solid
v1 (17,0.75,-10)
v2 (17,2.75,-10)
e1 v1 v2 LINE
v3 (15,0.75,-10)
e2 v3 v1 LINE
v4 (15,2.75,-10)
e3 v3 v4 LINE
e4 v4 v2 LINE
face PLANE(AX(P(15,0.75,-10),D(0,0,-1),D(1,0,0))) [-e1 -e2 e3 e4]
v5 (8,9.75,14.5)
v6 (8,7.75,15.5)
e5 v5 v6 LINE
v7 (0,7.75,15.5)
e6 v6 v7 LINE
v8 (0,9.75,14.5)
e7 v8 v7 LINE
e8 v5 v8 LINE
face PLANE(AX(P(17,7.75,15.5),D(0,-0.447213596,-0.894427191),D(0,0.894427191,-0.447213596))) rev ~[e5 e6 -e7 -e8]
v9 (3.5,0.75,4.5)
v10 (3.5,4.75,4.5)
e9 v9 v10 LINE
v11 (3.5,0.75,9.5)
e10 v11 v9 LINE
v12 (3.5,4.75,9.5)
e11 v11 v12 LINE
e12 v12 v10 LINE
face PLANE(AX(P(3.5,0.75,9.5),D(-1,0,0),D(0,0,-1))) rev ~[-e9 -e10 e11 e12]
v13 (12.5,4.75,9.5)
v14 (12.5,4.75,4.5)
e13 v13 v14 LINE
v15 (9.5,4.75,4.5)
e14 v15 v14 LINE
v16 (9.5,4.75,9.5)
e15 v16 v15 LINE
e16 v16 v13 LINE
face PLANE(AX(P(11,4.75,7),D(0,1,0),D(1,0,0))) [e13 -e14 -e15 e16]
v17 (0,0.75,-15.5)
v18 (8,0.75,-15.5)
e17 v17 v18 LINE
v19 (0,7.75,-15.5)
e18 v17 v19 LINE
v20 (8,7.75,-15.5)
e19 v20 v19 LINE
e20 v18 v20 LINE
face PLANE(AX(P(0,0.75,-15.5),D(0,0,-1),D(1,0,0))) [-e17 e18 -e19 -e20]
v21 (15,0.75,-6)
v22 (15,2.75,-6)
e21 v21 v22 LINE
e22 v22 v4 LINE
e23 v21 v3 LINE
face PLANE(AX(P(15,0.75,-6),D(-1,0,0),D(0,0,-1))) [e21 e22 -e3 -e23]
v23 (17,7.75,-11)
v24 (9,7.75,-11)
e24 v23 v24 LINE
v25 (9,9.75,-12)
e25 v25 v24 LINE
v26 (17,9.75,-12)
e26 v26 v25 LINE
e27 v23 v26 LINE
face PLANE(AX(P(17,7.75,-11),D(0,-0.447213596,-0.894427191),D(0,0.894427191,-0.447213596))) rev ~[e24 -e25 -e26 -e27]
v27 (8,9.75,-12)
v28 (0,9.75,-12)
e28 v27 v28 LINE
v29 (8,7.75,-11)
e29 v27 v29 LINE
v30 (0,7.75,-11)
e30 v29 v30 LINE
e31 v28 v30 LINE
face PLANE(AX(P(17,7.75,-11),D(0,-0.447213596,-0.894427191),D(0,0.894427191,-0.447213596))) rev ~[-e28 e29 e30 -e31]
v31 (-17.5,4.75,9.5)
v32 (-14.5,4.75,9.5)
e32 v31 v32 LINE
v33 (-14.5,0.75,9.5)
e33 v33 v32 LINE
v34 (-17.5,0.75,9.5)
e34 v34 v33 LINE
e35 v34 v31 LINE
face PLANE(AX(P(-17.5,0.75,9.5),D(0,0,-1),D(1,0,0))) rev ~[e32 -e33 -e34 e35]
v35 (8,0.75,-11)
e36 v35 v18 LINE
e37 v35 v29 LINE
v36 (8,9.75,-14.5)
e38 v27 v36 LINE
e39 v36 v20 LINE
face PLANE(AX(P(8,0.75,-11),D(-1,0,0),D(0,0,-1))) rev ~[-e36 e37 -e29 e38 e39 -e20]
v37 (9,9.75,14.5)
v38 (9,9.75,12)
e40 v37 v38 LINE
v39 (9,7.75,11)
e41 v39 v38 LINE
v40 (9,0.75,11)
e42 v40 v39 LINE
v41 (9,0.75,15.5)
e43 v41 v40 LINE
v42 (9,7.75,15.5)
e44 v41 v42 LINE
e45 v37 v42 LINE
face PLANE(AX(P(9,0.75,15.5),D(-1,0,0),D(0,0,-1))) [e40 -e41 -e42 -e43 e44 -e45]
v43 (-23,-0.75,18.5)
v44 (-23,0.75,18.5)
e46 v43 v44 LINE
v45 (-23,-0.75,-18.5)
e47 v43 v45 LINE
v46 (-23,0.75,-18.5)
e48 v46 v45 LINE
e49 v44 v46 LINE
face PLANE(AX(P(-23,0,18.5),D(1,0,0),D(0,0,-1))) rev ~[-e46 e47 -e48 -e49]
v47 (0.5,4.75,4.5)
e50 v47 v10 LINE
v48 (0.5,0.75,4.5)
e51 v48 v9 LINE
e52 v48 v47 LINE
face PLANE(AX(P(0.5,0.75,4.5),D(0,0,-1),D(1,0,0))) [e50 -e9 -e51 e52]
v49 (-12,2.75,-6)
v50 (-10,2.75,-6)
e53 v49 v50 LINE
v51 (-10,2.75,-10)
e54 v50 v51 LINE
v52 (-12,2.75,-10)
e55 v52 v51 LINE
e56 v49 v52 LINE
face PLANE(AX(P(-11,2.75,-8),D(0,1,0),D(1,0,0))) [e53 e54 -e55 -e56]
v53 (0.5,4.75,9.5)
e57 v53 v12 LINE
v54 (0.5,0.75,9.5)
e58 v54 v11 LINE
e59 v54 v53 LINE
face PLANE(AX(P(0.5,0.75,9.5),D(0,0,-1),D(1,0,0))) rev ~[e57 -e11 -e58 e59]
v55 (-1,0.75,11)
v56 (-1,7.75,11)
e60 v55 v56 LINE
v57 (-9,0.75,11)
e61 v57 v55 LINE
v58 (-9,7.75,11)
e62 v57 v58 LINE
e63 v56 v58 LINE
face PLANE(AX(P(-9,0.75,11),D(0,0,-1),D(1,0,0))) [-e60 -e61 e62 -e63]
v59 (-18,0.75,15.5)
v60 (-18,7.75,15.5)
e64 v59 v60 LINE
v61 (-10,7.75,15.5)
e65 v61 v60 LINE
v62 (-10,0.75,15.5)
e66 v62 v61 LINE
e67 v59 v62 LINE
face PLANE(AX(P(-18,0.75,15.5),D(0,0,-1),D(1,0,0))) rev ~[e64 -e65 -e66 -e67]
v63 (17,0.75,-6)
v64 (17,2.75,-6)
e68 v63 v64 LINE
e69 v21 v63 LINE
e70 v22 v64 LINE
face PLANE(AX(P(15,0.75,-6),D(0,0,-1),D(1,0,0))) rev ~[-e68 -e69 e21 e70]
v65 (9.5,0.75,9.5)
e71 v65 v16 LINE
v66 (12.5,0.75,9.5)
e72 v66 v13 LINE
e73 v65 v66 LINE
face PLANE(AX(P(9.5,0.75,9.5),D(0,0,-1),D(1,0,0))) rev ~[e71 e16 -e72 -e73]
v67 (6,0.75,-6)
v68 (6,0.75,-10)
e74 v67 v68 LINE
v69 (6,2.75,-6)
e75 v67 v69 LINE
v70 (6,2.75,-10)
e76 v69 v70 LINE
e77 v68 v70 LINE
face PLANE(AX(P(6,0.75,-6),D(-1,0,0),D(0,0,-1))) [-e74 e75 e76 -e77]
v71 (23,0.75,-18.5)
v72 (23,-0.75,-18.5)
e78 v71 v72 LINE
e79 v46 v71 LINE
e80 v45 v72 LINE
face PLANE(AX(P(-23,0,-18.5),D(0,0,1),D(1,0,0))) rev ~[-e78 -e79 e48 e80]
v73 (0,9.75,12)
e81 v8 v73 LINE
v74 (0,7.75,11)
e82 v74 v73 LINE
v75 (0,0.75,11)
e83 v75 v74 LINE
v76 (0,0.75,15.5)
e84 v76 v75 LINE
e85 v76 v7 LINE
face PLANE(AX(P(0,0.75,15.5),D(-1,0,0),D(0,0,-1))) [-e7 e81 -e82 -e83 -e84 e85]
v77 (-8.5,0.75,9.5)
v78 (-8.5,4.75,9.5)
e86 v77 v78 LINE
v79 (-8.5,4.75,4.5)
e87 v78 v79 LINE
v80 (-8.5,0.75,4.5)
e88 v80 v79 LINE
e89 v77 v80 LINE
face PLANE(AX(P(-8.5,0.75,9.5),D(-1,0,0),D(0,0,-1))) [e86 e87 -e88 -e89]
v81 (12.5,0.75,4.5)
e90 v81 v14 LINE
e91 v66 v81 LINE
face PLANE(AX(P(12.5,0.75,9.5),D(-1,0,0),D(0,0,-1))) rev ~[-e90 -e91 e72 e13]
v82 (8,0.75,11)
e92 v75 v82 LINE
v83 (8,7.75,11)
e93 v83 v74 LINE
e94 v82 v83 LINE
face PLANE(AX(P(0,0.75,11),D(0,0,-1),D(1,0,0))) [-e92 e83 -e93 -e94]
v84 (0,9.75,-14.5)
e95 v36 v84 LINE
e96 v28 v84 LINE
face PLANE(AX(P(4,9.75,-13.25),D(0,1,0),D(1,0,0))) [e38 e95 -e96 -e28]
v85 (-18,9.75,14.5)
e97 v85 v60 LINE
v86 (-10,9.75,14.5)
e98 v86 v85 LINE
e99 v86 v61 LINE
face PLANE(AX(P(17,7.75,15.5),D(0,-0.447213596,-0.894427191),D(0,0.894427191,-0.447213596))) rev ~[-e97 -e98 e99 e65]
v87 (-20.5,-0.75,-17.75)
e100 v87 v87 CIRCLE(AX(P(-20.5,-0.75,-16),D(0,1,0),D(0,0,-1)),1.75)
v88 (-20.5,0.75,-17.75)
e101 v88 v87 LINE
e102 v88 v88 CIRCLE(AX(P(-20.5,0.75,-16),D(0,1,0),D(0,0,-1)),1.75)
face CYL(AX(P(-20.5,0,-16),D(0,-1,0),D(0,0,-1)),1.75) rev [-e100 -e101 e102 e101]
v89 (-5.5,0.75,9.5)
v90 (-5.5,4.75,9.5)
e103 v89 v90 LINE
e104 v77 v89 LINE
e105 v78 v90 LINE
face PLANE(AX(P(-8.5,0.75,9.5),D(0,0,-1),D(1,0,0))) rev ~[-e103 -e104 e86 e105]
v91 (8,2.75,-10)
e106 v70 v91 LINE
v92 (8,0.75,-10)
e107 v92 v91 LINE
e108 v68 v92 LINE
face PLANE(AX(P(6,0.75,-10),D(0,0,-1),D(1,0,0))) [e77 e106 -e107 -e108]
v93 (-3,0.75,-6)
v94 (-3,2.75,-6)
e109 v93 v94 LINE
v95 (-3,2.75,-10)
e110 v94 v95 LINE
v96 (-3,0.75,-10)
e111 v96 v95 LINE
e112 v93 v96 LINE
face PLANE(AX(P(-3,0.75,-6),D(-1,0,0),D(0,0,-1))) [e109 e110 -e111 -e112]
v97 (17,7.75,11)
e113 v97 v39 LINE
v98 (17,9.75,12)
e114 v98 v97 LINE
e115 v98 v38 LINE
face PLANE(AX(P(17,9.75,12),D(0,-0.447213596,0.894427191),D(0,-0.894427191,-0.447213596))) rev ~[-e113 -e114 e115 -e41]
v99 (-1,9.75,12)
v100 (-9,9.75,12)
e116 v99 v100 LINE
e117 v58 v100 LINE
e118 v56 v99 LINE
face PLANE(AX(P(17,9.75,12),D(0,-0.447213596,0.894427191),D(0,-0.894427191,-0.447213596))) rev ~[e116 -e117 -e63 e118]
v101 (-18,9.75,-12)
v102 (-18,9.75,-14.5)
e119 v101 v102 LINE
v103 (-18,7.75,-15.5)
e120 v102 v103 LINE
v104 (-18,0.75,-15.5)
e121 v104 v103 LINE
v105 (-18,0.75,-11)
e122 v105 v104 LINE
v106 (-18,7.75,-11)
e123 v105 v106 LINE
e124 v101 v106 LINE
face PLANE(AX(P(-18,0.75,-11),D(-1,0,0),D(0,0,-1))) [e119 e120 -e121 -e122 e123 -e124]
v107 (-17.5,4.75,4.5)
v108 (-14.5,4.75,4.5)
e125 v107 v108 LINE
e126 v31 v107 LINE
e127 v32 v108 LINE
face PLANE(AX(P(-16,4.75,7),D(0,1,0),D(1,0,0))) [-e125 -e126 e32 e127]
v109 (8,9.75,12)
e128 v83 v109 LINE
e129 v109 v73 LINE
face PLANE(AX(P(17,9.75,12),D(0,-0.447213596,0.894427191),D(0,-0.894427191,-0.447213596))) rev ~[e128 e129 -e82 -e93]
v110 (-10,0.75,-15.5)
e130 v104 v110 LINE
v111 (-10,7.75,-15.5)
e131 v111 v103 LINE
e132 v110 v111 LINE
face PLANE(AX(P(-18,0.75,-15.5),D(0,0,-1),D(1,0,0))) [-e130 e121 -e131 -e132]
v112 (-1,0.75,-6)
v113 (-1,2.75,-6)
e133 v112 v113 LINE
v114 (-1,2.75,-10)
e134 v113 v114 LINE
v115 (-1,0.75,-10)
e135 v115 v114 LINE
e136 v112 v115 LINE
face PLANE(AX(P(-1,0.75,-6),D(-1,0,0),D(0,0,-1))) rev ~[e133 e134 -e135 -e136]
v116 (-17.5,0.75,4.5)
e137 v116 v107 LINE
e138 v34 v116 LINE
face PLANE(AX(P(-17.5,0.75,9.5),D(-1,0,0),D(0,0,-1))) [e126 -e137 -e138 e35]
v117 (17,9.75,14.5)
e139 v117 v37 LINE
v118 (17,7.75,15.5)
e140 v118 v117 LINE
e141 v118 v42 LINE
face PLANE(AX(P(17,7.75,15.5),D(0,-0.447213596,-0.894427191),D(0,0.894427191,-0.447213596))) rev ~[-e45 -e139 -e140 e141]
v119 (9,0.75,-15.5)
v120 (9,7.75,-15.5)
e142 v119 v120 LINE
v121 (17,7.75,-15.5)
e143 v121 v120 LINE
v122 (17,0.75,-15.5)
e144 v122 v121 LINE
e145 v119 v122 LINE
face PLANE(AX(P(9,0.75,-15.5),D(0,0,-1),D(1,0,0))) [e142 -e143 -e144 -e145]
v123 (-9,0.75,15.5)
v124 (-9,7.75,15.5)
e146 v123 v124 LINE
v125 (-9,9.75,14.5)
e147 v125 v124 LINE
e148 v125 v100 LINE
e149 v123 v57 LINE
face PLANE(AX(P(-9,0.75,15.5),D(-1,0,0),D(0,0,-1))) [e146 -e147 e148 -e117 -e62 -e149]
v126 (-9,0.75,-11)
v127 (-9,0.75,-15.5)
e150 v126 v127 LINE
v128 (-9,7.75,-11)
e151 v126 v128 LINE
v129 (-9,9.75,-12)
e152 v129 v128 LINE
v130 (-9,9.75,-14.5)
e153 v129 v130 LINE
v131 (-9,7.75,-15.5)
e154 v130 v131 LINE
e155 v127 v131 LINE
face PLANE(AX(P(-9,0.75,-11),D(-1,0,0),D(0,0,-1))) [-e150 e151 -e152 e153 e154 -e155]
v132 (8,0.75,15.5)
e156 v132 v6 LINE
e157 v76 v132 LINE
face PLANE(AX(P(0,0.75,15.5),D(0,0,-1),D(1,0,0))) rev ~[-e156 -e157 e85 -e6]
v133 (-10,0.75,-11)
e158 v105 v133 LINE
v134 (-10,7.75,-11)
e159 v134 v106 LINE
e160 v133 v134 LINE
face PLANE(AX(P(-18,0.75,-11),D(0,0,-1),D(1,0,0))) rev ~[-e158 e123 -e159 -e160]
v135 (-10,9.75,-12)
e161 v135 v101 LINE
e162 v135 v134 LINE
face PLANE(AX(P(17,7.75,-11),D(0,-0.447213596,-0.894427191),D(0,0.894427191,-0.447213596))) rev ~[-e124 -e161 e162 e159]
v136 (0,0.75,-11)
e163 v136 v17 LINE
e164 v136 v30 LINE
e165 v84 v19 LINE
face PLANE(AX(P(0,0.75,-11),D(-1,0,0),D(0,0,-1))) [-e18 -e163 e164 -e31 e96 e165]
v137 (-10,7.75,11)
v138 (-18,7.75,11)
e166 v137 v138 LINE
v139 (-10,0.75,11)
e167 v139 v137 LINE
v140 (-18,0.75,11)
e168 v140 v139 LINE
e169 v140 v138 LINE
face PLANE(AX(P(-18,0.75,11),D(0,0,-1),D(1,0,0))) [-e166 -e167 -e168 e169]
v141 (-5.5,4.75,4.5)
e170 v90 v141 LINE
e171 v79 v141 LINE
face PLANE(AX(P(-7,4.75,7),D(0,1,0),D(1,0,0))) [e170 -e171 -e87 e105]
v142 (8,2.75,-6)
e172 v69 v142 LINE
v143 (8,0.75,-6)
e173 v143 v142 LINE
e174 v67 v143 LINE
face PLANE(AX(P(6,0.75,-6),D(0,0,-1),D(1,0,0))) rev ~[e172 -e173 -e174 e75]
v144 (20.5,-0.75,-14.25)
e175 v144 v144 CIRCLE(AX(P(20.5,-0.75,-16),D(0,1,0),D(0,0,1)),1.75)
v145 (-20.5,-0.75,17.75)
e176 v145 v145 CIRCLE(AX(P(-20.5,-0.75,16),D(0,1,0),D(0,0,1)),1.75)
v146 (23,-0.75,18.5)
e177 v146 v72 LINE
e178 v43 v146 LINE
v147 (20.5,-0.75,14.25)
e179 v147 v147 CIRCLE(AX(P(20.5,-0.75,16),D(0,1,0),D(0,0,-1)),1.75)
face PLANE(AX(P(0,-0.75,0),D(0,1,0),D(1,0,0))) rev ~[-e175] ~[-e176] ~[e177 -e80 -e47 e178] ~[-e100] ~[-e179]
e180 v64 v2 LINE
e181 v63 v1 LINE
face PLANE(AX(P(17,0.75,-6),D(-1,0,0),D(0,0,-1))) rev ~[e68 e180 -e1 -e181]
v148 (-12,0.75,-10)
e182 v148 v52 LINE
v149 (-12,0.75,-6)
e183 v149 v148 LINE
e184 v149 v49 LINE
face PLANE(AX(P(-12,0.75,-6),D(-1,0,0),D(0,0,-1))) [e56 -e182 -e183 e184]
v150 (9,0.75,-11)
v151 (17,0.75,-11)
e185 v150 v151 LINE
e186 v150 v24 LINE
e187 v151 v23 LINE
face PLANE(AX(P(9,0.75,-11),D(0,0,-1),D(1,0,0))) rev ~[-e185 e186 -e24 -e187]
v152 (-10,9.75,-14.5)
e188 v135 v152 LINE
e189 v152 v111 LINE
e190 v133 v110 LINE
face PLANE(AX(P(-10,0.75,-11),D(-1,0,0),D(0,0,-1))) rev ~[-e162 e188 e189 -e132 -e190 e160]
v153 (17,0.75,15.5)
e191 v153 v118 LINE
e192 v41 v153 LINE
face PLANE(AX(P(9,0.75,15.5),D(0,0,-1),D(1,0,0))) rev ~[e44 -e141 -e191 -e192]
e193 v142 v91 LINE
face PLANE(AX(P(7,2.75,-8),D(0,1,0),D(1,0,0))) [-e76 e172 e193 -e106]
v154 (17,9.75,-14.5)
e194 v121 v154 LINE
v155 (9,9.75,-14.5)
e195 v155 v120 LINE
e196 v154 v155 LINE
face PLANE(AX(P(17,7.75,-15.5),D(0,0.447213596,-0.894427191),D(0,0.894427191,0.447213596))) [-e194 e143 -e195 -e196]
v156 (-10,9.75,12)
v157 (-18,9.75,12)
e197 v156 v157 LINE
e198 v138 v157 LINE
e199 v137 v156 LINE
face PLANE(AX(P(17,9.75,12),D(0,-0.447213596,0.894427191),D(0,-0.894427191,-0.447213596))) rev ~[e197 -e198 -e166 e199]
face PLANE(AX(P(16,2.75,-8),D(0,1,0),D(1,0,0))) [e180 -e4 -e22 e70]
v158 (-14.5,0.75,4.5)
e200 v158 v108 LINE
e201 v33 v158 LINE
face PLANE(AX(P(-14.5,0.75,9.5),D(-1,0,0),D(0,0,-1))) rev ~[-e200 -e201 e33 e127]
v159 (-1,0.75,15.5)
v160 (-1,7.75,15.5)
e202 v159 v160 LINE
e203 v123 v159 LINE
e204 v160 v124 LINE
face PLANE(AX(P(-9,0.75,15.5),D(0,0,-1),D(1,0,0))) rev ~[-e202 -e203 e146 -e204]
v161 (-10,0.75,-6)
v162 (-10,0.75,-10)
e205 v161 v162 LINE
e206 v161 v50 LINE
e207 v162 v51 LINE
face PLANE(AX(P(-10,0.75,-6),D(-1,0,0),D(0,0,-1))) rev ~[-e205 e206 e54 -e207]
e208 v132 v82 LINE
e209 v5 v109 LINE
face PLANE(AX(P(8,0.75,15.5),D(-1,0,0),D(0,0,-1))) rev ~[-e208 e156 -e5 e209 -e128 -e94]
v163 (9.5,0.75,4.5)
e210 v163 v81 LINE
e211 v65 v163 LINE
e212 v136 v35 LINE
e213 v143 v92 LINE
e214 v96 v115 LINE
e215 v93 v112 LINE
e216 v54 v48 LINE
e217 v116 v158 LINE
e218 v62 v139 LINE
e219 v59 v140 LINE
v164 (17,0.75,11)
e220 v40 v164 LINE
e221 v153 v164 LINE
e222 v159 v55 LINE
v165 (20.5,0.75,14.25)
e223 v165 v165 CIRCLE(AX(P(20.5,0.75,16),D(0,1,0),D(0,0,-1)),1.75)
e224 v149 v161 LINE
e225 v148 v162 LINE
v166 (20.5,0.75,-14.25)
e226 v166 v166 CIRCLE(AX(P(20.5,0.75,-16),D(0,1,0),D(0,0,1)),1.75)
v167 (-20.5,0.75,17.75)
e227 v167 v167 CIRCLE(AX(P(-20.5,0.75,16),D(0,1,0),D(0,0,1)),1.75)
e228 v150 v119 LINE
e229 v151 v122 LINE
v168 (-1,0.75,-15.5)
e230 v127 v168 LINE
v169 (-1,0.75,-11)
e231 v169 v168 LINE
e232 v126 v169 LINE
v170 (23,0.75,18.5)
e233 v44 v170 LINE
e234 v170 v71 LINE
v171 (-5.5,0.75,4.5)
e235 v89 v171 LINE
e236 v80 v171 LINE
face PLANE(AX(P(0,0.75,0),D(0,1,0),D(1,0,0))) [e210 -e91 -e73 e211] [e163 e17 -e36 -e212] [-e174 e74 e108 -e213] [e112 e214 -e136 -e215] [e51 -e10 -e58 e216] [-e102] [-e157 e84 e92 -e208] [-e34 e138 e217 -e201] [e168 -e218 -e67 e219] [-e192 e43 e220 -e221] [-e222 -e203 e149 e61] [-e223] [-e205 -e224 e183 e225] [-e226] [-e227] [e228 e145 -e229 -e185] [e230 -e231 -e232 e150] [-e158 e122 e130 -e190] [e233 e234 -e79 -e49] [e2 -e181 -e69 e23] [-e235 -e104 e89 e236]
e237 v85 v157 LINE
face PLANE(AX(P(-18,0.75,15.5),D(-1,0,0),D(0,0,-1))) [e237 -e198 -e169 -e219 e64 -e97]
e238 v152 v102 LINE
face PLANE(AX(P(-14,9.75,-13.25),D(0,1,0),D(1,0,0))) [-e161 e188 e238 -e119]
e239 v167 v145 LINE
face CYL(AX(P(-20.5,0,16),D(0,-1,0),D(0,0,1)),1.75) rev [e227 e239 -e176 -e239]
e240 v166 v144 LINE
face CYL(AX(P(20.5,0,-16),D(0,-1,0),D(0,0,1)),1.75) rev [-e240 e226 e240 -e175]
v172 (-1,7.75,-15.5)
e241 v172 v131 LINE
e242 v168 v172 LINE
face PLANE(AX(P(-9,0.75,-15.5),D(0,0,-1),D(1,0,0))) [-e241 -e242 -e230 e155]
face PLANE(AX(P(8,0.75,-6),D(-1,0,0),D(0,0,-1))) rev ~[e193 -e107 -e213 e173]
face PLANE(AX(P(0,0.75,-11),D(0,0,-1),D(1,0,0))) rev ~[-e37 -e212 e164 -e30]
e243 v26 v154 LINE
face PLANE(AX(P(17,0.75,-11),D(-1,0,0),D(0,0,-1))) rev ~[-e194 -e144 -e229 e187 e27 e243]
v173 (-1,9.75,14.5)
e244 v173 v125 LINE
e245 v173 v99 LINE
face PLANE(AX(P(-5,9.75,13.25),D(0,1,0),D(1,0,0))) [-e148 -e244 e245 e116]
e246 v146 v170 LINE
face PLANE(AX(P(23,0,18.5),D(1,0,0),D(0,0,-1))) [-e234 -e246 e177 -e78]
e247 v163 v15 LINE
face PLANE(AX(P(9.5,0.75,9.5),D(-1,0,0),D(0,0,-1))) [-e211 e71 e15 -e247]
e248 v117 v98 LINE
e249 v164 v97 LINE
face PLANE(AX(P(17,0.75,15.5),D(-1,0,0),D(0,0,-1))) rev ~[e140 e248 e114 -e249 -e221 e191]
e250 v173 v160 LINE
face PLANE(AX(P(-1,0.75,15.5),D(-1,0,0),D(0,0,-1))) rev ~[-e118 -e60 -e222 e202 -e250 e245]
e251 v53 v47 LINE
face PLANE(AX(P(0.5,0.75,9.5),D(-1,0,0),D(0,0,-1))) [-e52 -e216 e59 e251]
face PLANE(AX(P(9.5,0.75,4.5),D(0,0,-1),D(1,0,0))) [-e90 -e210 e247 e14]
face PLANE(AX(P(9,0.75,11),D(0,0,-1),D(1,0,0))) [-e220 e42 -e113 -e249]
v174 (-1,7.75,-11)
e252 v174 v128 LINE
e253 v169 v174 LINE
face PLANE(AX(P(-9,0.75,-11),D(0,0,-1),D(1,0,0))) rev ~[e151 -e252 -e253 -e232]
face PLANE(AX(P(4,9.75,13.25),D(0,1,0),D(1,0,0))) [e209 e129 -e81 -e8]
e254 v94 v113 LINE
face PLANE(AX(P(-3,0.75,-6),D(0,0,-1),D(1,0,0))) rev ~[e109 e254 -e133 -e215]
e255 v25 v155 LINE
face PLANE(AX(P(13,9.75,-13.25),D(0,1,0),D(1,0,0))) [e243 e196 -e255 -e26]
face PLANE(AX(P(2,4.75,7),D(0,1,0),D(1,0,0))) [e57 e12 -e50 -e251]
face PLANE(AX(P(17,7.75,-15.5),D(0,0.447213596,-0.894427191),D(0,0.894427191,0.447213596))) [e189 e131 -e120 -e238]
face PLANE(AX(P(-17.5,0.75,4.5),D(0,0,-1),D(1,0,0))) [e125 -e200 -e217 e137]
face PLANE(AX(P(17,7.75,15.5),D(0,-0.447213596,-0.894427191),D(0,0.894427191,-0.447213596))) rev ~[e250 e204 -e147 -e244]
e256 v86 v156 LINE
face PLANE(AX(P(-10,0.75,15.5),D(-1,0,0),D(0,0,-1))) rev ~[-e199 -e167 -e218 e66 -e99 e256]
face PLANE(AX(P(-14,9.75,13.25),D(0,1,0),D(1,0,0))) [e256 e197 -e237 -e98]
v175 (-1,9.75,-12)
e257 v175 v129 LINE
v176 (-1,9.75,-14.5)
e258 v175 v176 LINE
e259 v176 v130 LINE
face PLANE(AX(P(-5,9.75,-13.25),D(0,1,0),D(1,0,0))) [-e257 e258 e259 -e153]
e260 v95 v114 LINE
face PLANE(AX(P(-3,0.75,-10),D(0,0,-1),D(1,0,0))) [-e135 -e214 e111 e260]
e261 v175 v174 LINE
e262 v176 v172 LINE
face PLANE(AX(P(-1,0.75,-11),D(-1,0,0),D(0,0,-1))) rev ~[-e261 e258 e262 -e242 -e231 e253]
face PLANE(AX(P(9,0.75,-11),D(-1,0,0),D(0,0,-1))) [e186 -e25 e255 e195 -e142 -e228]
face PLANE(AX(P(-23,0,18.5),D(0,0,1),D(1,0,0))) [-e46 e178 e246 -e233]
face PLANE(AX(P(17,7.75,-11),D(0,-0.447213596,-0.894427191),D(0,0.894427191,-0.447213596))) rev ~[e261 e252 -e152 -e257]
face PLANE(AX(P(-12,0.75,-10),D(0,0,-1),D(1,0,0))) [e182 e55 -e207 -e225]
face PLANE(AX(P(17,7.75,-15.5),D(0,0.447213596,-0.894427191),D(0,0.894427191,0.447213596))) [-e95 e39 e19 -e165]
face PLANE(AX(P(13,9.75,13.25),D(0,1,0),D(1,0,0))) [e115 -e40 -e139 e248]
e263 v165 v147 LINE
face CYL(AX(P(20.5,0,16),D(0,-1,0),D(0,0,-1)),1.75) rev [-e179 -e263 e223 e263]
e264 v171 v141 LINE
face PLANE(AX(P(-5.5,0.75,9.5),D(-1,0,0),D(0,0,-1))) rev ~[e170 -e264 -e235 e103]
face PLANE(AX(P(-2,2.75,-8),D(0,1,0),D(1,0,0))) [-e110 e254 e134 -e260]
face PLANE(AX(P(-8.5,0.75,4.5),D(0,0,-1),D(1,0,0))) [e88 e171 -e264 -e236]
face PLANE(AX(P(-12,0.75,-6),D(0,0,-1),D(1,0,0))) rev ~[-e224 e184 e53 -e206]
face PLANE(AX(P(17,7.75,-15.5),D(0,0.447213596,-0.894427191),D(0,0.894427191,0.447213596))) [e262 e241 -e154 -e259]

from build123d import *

# Parameters (mm, degrees)
SKETCH1_W           = 46
SKETCH1_H           = 37
SKETCH1_R           = 1.75
BOSS_EXTRUDE1_DEPTH = 0.75
SKETCH2_W           = 8
SKETCH2_H           = 4.5
BOSS_EXTRUDE2_DEPTH = 9
CUT_EXTRUDE2_DEPTH  = 124
SKETCH4_W           = 2
SKETCH4_H           = 4
BOSS_EXTRUDE3_DEPTH = 2
SKETCH5_W           = 3
SKETCH5_H           = 5
BOSS_EXTRUDE4_DEPTH = 4


with BuildPart() as part:
    # Sketch1 → Boss-Extrude1 (new, symmetric)
    with BuildSketch(Plane(origin=(0, 0, 0), x_dir=(1, 0, 0), z_dir=(0, 1, 0))):
        Rectangle(SKETCH1_W, SKETCH1_H)
        with Locations(Location((20.5, 16, 0), (0, 0, 270))):
            Circle(SKETCH1_R, mode=Mode.SUBTRACT)
        with Locations(Location((20.5, -16, 0), (0, 0, 90))):
            Circle(SKETCH1_R, mode=Mode.SUBTRACT)
        with Locations(Location((-20.5, -16, 0), (0, 0, 270))):
            Circle(SKETCH1_R, mode=Mode.SUBTRACT)
        with Locations(Location((-20.5, 16, 0), (0, 0, 90))):
            Circle(SKETCH1_R, mode=Mode.SUBTRACT)
    extrude(amount=BOSS_EXTRUDE1_DEPTH, both=True)

    # Sketch2 → Boss-Extrude2 (add)
    with BuildSketch(Plane(origin=(0, 0.75, 0), x_dir=(1, 0, 0), z_dir=(0, 1, 0))):
        with Locations((13, 13.25)):
            Rectangle(SKETCH2_W, SKETCH2_H)
        with Locations((4, 13.25)):
            Rectangle(SKETCH2_W, SKETCH2_H)
        with Locations((-5, 13.25)):
            Rectangle(SKETCH2_W, SKETCH2_H)
        with Locations((-14, 13.25)):
            Rectangle(SKETCH2_W, SKETCH2_H)
        with Locations((-14, -13.25)):
            Rectangle(SKETCH2_W, SKETCH2_H)
        with Locations((-5, -13.25)):
            Rectangle(SKETCH2_W, SKETCH2_H)
        with Locations((4, -13.25)):
            Rectangle(SKETCH2_W, SKETCH2_H)
        with Locations((13, -13.25)):
            Rectangle(SKETCH2_W, SKETCH2_H)
    extrude(amount=BOSS_EXTRUDE2_DEPTH)

    # Sketch3 → Cut-Extrude2 (cut)
    with BuildSketch(Plane(origin=(17, 0, 0), x_dir=(0, 0, -1), z_dir=(1, 0, 0))):
        Polygon((-15.5, 9.75), (-15.5, 7.75), (-14.5, 9.75), align=None)
        Polygon((-11, 9.75), (-12, 9.75), (-11, 7.75), align=None)
        Polygon((12, 9.75), (11, 9.75), (11, 7.75), align=None)
        Polygon((15.5, 7.75), (14.5, 9.75), (15.5, 9.75), align=None)
    extrude(amount=-CUT_EXTRUDE2_DEPTH, mode=Mode.SUBTRACT)

    # Sketch4 → Boss-Extrude3 (add)
    with BuildSketch(Plane(origin=(0, 0.75, 0), x_dir=(1, 0, 0), z_dir=(0, 1, 0))):
        with Locations((16, 8)):
            Rectangle(SKETCH4_W, SKETCH4_H)
        with Locations((7, 8)):
            Rectangle(SKETCH4_W, SKETCH4_H)
        with Locations((-2, 8)):
            Rectangle(SKETCH4_W, SKETCH4_H)
        with Locations((-11, 8)):
            Rectangle(SKETCH4_W, SKETCH4_H)
    extrude(amount=BOSS_EXTRUDE3_DEPTH)

    # Sketch5 → Boss-Extrude4 (add)
    with BuildSketch(Plane(origin=(0, 0.75, 0), x_dir=(1, 0, 0), z_dir=(0, 1, 0))):
        with Locations((-16, -7)):
            Rectangle(SKETCH5_W, SKETCH5_H)
        with Locations((-7, -7)):
            Rectangle(SKETCH5_W, SKETCH5_H)
        with Locations((2, -7)):
            Rectangle(SKETCH5_W, SKETCH5_H)
        with Locations((11, -7)):
            Rectangle(SKETCH5_W, SKETCH5_H)
    extrude(amount=BOSS_EXTRUDE4_DEPTH)


solid = part.part
